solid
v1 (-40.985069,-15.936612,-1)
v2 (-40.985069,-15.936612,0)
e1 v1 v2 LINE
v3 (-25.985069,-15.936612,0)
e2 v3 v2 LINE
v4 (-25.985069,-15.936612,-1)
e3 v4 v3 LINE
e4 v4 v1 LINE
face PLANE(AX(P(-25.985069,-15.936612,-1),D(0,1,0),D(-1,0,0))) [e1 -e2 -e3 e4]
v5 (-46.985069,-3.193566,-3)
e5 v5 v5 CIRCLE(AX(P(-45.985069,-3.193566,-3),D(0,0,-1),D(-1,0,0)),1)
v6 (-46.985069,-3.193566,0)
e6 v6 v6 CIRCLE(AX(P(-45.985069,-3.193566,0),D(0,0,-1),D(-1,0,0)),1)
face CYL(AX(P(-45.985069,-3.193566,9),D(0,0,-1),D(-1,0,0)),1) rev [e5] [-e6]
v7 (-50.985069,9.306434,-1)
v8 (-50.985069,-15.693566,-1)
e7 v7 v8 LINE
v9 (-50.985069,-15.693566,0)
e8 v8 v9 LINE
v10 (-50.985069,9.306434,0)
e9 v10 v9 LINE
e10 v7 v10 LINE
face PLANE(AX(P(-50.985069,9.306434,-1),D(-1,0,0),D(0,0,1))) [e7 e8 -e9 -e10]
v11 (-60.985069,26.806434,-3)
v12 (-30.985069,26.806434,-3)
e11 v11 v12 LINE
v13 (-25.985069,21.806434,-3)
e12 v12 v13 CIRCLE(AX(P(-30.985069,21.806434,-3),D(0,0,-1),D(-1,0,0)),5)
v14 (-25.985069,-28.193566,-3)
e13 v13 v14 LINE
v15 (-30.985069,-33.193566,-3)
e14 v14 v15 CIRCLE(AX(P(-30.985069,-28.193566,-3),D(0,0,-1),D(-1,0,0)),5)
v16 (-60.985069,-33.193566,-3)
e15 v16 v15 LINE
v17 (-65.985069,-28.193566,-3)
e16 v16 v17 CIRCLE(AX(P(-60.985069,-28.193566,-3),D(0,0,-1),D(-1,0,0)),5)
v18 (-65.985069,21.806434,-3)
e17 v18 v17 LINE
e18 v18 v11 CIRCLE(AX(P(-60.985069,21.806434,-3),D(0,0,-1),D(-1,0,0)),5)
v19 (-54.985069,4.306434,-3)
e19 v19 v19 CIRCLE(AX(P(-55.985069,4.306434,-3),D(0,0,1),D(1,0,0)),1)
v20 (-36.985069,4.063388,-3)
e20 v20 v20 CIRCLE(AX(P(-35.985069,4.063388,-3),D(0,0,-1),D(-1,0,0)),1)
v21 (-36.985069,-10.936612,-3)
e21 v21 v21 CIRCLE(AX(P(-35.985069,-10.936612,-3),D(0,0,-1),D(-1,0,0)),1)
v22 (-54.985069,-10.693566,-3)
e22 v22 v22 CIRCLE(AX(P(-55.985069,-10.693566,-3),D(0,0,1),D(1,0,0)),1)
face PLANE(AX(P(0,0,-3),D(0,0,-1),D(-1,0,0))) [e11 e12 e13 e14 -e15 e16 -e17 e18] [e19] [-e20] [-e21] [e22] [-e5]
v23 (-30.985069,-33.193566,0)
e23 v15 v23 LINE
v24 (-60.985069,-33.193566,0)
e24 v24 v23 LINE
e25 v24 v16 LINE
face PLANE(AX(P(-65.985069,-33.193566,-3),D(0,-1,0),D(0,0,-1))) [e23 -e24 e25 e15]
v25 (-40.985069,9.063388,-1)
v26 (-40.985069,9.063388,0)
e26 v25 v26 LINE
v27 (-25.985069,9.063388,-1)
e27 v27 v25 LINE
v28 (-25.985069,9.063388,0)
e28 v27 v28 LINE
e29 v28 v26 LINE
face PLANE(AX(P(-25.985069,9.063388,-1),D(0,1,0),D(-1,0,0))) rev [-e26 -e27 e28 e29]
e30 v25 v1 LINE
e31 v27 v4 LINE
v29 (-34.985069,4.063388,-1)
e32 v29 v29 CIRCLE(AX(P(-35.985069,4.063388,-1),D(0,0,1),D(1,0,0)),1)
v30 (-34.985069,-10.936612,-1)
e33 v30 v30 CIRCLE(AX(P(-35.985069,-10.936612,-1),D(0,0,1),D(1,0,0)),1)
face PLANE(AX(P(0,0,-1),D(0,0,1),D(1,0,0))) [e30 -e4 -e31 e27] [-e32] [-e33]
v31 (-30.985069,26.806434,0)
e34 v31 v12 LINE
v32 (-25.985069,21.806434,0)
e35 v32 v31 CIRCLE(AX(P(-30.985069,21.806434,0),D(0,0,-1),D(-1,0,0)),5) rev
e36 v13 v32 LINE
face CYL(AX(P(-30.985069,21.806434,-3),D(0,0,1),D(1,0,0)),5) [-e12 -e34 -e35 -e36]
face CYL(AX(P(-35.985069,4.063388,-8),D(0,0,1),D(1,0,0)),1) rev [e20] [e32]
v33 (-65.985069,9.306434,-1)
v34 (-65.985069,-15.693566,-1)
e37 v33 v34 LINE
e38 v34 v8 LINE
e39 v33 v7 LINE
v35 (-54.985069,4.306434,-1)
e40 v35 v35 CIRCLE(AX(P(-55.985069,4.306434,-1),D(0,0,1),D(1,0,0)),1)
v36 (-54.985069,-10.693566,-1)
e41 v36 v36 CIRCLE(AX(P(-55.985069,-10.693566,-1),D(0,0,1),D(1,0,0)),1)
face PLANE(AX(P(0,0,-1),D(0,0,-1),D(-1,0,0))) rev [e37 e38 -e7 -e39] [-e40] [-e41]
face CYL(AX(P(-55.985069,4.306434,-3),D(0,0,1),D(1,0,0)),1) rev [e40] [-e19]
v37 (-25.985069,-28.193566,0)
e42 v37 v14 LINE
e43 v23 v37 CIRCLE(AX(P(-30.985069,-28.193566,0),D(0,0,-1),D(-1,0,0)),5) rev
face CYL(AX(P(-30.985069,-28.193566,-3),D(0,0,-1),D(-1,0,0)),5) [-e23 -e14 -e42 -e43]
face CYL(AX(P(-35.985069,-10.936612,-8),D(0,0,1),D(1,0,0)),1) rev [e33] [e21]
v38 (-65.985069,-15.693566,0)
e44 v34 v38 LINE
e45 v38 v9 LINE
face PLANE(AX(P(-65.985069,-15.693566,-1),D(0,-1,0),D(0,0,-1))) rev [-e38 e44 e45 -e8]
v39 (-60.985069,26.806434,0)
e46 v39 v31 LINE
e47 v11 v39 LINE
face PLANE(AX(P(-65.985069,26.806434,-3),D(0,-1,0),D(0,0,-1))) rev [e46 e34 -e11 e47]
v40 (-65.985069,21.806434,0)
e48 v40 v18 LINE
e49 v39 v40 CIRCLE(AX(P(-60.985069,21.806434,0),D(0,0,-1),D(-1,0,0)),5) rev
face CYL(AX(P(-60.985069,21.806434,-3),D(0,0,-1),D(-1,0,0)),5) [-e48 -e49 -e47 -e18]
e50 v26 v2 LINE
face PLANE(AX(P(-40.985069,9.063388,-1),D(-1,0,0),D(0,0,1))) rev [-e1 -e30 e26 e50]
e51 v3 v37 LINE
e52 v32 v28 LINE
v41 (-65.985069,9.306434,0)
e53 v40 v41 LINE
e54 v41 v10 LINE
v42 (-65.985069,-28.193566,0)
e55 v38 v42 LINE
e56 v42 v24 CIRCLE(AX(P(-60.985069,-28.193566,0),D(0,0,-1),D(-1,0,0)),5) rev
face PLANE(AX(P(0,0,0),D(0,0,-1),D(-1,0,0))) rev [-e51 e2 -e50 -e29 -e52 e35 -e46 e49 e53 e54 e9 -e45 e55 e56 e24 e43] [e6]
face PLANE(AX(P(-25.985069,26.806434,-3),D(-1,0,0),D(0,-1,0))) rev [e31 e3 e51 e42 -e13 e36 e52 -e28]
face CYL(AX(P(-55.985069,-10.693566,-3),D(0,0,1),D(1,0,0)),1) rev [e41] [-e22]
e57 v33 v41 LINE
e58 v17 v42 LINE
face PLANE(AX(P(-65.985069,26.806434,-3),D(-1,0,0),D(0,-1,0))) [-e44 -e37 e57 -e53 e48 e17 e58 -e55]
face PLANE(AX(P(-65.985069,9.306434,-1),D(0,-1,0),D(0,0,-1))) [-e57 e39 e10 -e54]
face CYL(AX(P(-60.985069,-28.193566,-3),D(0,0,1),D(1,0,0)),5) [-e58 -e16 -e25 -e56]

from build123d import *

# Parameters (mm, degrees)
SKETCH1_W           = 40
SKETCH1_H           = 60
BOSS_EXTRUDE4_DEPTH = 3
SKETCH5_W           = 15
SKETCH5_H           = 25
CUT_EXTRUDE2_DEPTH  = 1
SKETCH7_R           = 1
CUT_EXTRUDE3_DEPTH  = 2
SKETCH8_R           = 1
CUT_EXTRUDE4_DEPTH  = 2
FILLET1_R           = 5
SKETCH12_R          = 1
CUT_EXTRUDE6_DEPTH  = 12
SKETCH13_W          = 15
SKETCH13_H          = 25
CUT_EXTRUDE7_DEPTH  = 1
SKETCH14_R          = 1
CUT_EXTRUDE8_DEPTH  = 7


with BuildPart() as part:
    # Sketch1 → Boss-Extrude4 (new body)
    with BuildSketch(Plane.XY):
        with Locations((-45.9850693, -3.193565597)):
            Rectangle(SKETCH1_W, SKETCH1_H)
    extrude(amount=-BOSS_EXTRUDE4_DEPTH)

    # Sketch5 → Cut-Extrude2 (cut)
    with BuildSketch(Plane.XY):
        with Locations((-58.4850693, -3.193565597)):
            Rectangle(SKETCH5_W, SKETCH5_H)
    extrude(amount=-CUT_EXTRUDE2_DEPTH, mode=Mode.SUBTRACT)

    # Sketch7 → Cut-Extrude3 (cut)
    with BuildSketch(Plane.XY.offset(-1)):
        with Locations((-55.9850693, 4.306434403)):
            Circle(SKETCH7_R)
    extrude(amount=-CUT_EXTRUDE3_DEPTH, mode=Mode.SUBTRACT)

    # Sketch8 → Cut-Extrude4 (cut)
    with BuildSketch(Plane.XY.offset(-1)):
        with Locations((-55.9850693, -10.693565597)):
            Circle(SKETCH8_R)
    extrude(amount=-CUT_EXTRUDE4_DEPTH, mode=Mode.SUBTRACT)

    # Fillet1
    fillet1_edges = [part.edges().sort_by_distance(p)[0] for p in [
        (-65.9850693, 26.806434403, -1.5),
        (-65.9850693, -33.193565597, -1.5),
        (-25.9850693, -33.193565597, -1.5),
        (-25.9850693, 26.806434403, -1.5),
    ]]
    fillet(fillet1_edges, radius=FILLET1_R)

    # Sketch12 → Cut-Extrude6 (cut)
    with BuildSketch(Plane(origin=(0, 0, -3), x_dir=(-1, 0, 0), z_dir=(0, 0, -1))):
        with Locations((45.9850693, -3.193565597)):
            Circle(SKETCH12_R)
    extrude(amount=-CUT_EXTRUDE6_DEPTH, mode=Mode.SUBTRACT)

    # Sketch13 → Cut-Extrude7 (cut)
    with BuildSketch(Plane.XY):
        with Locations((-33.4850693, -3.4366123)):
            Rectangle(SKETCH13_W, SKETCH13_H)
    extrude(amount=-CUT_EXTRUDE7_DEPTH, mode=Mode.SUBTRACT)

    # Sketch14 → Cut-Extrude8 (cut)
    with BuildSketch(Plane.XY.offset(-1)):
        with Locations((-35.9850693, 4.0633877)):
            Circle(SKETCH14_R)
        with Locations((-35.9850693, -10.9366123)):
            Circle(SKETCH14_R)
    extrude(amount=-CUT_EXTRUDE8_DEPTH, mode=Mode.SUBTRACT)


solid = part.part
